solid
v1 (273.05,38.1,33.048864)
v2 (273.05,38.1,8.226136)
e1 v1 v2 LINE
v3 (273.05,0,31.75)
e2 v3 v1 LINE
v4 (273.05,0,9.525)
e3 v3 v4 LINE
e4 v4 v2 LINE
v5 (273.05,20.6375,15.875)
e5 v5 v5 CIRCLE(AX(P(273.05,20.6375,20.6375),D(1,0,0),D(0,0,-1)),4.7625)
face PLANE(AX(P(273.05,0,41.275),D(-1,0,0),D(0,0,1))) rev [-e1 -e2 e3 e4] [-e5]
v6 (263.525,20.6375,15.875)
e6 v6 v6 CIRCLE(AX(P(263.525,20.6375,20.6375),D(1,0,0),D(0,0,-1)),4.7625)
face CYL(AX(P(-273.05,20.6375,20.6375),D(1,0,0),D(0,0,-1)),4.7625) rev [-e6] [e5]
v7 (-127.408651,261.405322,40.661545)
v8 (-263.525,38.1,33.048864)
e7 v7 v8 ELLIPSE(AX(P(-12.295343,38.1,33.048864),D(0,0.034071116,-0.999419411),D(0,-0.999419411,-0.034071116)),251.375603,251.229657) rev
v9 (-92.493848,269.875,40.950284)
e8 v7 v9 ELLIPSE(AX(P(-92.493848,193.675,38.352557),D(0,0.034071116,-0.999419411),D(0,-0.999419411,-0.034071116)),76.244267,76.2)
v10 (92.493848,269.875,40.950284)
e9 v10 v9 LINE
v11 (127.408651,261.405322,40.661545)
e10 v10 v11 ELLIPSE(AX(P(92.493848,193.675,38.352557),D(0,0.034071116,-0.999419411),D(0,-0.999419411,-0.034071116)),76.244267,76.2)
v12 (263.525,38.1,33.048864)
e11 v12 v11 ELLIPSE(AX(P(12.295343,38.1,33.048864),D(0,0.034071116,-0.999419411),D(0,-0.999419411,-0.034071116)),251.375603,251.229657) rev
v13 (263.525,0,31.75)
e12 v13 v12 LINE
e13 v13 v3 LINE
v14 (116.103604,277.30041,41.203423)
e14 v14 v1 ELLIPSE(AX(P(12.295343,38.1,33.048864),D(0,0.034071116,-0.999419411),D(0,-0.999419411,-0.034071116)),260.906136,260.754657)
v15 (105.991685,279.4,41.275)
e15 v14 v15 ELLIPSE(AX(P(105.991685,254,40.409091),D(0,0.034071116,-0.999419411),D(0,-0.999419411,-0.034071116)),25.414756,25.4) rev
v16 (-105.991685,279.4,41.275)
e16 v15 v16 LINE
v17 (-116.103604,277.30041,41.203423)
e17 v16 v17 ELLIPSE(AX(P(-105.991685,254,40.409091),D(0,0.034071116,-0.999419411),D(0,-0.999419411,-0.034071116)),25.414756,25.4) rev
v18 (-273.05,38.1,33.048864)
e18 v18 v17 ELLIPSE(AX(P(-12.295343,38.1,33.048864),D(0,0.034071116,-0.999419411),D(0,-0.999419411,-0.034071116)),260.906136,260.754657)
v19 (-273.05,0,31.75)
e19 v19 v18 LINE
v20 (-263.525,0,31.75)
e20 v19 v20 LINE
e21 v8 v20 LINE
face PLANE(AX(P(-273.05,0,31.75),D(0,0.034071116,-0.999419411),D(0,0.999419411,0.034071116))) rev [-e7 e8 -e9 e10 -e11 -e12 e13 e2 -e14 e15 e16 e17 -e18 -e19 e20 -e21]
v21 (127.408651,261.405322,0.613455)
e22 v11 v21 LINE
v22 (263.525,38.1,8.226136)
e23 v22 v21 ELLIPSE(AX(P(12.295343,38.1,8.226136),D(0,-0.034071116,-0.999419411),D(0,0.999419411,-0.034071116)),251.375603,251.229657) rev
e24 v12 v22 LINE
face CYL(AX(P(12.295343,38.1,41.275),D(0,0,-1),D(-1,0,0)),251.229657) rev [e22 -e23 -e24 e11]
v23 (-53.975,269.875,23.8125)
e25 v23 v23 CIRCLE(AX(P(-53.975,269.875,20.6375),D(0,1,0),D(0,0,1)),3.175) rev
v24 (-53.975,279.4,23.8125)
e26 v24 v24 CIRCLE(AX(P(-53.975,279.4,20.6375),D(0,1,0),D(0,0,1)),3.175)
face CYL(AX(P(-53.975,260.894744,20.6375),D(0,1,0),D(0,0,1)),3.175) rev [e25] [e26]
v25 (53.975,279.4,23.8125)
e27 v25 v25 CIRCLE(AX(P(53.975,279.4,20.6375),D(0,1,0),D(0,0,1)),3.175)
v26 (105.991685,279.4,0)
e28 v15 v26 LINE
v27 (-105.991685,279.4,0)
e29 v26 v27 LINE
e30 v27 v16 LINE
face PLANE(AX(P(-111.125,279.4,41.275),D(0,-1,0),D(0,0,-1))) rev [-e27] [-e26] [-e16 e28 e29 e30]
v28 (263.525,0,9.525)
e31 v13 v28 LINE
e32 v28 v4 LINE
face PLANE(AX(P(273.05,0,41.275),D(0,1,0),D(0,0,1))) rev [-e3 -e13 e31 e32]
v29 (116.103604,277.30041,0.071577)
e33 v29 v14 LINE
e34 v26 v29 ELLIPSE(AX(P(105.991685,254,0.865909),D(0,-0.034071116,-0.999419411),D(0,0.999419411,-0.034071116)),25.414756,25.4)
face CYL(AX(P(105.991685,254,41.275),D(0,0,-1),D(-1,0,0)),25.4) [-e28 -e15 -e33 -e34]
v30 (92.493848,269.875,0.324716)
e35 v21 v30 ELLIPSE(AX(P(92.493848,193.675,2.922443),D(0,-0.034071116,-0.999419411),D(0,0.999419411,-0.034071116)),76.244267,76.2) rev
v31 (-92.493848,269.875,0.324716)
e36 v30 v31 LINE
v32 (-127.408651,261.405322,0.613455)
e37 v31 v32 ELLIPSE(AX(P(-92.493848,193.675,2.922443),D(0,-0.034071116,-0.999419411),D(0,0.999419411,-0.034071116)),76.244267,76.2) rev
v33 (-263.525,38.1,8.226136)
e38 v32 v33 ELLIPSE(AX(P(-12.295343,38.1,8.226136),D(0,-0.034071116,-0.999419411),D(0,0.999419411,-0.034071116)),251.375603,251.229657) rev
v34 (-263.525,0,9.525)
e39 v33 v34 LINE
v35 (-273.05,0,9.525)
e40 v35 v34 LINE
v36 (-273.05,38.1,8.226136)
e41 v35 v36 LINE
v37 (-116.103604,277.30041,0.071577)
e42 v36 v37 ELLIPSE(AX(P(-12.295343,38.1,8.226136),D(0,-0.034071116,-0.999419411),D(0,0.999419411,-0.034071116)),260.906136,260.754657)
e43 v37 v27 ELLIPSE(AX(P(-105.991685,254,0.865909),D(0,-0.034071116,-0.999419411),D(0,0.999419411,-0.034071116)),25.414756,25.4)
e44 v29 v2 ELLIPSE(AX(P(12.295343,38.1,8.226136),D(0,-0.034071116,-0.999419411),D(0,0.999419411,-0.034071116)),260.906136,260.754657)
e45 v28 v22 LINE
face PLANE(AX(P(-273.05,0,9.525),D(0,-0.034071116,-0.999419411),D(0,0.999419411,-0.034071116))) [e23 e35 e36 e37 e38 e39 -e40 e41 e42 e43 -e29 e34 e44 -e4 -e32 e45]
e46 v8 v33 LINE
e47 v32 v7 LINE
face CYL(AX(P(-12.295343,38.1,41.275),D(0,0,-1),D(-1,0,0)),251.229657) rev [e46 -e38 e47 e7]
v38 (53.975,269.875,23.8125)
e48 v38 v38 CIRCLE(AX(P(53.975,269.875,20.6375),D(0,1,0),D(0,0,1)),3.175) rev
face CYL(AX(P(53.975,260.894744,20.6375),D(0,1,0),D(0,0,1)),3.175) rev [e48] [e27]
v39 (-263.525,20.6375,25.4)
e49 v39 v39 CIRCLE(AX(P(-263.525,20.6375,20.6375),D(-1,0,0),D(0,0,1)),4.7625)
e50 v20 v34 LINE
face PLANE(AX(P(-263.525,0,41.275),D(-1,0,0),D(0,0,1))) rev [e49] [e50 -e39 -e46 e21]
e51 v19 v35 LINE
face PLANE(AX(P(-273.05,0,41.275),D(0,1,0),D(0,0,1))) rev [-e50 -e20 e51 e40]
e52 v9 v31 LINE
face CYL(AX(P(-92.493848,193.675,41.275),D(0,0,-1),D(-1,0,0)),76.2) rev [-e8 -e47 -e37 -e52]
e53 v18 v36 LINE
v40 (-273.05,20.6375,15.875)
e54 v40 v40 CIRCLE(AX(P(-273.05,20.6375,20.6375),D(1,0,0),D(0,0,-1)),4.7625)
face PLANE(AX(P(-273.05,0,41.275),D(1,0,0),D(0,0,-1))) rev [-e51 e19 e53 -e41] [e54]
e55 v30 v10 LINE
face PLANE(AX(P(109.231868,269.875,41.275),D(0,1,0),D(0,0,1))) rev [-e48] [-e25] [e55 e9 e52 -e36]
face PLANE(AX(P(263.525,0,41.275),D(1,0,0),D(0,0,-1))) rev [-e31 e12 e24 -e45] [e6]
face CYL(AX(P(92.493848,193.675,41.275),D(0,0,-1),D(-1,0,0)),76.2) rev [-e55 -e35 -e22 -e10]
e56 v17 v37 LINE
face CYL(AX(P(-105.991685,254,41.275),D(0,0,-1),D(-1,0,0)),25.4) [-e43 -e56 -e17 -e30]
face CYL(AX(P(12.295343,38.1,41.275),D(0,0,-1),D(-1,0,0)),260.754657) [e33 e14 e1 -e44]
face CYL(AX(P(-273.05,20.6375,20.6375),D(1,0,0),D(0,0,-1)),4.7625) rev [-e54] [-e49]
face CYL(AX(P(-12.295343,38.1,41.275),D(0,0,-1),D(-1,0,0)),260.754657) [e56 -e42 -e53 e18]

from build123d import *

# Parameters (mm, degrees)
BOSS_EXTRUDE1_DEPTH = 41.275
SKETCH3_R           = 4.7625
CUT_EXTRUDE1_DEPTH  = 547.1
FILLET2_R           = 76.2
FILLET3_R           = 25.4
SKETCH7_R           = 3.175
CUT_EXTRUDE2_DEPTH  = 9.525


with BuildPart() as part:
    # Sketch2 → Boss-Extrude1 (new body)
    with BuildSketch(Plane.XY):
        with BuildLine():
            Line((-273.05, 0), (-273.05, 38.1))
            ThreePointArc((-273.05, 38.1), (-228.817032973, 183.397449758), (-111.125, 279.4))
            Line((-111.125, 279.4), (0, 279.4))
            Line((0, 279.4), (111.125, 279.4))
            ThreePointArc((111.125, 279.4), (228.817032973, 183.397449758), (273.05, 38.1))
            Line((273.05, 38.1), (273.05, 0))
            Line((273.05, 0), (263.525, 0))
            Line((263.525, 0), (263.525, 38.1))
            ThreePointArc((263.525, 38.1), (221.424095798, 177.317474829), (109.231868051, 269.875))
            Line((109.231868051, 269.875), (0, 269.875))
            Line((0, 269.875), (-109.231868051, 269.875))
            ThreePointArc((-109.231868051, 269.875), (-221.424095798, 177.317474829), (-263.525, 38.1))
            Line((-263.525, 38.1), (-263.525, 0))
            Line((-263.525, 0), (-273.05, 0))
        make_face()
    extrude(amount=BOSS_EXTRUDE1_DEPTH)

    # Sketch3 → Cut-Extrude1 (cut, through all)
    with BuildSketch(Plane(origin=(273.05, 0, 0), x_dir=(0, 0, -1), z_dir=(1, 0, 0))):
        with Locations((-20.6375, 20.6375)):
            Circle(SKETCH3_R)
        Polygon((0, 0), (-9.525, 0), (0, 279.4), align=None)
        Polygon((-31.75, 0), (-41.275, 279.4), (-41.275, 0), align=None)
    extrude(amount=-CUT_EXTRUDE1_DEPTH, mode=Mode.SUBTRACT)

    # Fillet2
    fillet2_edges = [part.edges().sort_by_distance(p)[0] for p in [
        (109.231868051, 269.875, 20.6375),
        (-109.231868051, 269.875, 20.6375),
    ]]
    fillet(fillet2_edges, radius=FILLET2_R)

    # Fillet3
    fillet3_edges = [part.edges().sort_by_distance(p)[0] for p in [
        (111.125, 279.4, 20.6375),
        (-111.125, 279.4, 20.6375),
    ]]
    fillet(fillet3_edges, radius=FILLET3_R)

    # Sketch7 → Cut-Extrude2 (cut)
    with BuildSketch(Plane(origin=(0, 279.4, 0), x_dir=(1, 0, 0), z_dir=(0, 1, 0))):
        with Locations((-53.975, -20.6375)):
            Circle(SKETCH7_R)
        with Locations((53.975, -20.6375)):
            Circle(SKETCH7_R)
    extrude(amount=-CUT_EXTRUDE2_DEPTH, mode=Mode.SUBTRACT)


solid = part.part
